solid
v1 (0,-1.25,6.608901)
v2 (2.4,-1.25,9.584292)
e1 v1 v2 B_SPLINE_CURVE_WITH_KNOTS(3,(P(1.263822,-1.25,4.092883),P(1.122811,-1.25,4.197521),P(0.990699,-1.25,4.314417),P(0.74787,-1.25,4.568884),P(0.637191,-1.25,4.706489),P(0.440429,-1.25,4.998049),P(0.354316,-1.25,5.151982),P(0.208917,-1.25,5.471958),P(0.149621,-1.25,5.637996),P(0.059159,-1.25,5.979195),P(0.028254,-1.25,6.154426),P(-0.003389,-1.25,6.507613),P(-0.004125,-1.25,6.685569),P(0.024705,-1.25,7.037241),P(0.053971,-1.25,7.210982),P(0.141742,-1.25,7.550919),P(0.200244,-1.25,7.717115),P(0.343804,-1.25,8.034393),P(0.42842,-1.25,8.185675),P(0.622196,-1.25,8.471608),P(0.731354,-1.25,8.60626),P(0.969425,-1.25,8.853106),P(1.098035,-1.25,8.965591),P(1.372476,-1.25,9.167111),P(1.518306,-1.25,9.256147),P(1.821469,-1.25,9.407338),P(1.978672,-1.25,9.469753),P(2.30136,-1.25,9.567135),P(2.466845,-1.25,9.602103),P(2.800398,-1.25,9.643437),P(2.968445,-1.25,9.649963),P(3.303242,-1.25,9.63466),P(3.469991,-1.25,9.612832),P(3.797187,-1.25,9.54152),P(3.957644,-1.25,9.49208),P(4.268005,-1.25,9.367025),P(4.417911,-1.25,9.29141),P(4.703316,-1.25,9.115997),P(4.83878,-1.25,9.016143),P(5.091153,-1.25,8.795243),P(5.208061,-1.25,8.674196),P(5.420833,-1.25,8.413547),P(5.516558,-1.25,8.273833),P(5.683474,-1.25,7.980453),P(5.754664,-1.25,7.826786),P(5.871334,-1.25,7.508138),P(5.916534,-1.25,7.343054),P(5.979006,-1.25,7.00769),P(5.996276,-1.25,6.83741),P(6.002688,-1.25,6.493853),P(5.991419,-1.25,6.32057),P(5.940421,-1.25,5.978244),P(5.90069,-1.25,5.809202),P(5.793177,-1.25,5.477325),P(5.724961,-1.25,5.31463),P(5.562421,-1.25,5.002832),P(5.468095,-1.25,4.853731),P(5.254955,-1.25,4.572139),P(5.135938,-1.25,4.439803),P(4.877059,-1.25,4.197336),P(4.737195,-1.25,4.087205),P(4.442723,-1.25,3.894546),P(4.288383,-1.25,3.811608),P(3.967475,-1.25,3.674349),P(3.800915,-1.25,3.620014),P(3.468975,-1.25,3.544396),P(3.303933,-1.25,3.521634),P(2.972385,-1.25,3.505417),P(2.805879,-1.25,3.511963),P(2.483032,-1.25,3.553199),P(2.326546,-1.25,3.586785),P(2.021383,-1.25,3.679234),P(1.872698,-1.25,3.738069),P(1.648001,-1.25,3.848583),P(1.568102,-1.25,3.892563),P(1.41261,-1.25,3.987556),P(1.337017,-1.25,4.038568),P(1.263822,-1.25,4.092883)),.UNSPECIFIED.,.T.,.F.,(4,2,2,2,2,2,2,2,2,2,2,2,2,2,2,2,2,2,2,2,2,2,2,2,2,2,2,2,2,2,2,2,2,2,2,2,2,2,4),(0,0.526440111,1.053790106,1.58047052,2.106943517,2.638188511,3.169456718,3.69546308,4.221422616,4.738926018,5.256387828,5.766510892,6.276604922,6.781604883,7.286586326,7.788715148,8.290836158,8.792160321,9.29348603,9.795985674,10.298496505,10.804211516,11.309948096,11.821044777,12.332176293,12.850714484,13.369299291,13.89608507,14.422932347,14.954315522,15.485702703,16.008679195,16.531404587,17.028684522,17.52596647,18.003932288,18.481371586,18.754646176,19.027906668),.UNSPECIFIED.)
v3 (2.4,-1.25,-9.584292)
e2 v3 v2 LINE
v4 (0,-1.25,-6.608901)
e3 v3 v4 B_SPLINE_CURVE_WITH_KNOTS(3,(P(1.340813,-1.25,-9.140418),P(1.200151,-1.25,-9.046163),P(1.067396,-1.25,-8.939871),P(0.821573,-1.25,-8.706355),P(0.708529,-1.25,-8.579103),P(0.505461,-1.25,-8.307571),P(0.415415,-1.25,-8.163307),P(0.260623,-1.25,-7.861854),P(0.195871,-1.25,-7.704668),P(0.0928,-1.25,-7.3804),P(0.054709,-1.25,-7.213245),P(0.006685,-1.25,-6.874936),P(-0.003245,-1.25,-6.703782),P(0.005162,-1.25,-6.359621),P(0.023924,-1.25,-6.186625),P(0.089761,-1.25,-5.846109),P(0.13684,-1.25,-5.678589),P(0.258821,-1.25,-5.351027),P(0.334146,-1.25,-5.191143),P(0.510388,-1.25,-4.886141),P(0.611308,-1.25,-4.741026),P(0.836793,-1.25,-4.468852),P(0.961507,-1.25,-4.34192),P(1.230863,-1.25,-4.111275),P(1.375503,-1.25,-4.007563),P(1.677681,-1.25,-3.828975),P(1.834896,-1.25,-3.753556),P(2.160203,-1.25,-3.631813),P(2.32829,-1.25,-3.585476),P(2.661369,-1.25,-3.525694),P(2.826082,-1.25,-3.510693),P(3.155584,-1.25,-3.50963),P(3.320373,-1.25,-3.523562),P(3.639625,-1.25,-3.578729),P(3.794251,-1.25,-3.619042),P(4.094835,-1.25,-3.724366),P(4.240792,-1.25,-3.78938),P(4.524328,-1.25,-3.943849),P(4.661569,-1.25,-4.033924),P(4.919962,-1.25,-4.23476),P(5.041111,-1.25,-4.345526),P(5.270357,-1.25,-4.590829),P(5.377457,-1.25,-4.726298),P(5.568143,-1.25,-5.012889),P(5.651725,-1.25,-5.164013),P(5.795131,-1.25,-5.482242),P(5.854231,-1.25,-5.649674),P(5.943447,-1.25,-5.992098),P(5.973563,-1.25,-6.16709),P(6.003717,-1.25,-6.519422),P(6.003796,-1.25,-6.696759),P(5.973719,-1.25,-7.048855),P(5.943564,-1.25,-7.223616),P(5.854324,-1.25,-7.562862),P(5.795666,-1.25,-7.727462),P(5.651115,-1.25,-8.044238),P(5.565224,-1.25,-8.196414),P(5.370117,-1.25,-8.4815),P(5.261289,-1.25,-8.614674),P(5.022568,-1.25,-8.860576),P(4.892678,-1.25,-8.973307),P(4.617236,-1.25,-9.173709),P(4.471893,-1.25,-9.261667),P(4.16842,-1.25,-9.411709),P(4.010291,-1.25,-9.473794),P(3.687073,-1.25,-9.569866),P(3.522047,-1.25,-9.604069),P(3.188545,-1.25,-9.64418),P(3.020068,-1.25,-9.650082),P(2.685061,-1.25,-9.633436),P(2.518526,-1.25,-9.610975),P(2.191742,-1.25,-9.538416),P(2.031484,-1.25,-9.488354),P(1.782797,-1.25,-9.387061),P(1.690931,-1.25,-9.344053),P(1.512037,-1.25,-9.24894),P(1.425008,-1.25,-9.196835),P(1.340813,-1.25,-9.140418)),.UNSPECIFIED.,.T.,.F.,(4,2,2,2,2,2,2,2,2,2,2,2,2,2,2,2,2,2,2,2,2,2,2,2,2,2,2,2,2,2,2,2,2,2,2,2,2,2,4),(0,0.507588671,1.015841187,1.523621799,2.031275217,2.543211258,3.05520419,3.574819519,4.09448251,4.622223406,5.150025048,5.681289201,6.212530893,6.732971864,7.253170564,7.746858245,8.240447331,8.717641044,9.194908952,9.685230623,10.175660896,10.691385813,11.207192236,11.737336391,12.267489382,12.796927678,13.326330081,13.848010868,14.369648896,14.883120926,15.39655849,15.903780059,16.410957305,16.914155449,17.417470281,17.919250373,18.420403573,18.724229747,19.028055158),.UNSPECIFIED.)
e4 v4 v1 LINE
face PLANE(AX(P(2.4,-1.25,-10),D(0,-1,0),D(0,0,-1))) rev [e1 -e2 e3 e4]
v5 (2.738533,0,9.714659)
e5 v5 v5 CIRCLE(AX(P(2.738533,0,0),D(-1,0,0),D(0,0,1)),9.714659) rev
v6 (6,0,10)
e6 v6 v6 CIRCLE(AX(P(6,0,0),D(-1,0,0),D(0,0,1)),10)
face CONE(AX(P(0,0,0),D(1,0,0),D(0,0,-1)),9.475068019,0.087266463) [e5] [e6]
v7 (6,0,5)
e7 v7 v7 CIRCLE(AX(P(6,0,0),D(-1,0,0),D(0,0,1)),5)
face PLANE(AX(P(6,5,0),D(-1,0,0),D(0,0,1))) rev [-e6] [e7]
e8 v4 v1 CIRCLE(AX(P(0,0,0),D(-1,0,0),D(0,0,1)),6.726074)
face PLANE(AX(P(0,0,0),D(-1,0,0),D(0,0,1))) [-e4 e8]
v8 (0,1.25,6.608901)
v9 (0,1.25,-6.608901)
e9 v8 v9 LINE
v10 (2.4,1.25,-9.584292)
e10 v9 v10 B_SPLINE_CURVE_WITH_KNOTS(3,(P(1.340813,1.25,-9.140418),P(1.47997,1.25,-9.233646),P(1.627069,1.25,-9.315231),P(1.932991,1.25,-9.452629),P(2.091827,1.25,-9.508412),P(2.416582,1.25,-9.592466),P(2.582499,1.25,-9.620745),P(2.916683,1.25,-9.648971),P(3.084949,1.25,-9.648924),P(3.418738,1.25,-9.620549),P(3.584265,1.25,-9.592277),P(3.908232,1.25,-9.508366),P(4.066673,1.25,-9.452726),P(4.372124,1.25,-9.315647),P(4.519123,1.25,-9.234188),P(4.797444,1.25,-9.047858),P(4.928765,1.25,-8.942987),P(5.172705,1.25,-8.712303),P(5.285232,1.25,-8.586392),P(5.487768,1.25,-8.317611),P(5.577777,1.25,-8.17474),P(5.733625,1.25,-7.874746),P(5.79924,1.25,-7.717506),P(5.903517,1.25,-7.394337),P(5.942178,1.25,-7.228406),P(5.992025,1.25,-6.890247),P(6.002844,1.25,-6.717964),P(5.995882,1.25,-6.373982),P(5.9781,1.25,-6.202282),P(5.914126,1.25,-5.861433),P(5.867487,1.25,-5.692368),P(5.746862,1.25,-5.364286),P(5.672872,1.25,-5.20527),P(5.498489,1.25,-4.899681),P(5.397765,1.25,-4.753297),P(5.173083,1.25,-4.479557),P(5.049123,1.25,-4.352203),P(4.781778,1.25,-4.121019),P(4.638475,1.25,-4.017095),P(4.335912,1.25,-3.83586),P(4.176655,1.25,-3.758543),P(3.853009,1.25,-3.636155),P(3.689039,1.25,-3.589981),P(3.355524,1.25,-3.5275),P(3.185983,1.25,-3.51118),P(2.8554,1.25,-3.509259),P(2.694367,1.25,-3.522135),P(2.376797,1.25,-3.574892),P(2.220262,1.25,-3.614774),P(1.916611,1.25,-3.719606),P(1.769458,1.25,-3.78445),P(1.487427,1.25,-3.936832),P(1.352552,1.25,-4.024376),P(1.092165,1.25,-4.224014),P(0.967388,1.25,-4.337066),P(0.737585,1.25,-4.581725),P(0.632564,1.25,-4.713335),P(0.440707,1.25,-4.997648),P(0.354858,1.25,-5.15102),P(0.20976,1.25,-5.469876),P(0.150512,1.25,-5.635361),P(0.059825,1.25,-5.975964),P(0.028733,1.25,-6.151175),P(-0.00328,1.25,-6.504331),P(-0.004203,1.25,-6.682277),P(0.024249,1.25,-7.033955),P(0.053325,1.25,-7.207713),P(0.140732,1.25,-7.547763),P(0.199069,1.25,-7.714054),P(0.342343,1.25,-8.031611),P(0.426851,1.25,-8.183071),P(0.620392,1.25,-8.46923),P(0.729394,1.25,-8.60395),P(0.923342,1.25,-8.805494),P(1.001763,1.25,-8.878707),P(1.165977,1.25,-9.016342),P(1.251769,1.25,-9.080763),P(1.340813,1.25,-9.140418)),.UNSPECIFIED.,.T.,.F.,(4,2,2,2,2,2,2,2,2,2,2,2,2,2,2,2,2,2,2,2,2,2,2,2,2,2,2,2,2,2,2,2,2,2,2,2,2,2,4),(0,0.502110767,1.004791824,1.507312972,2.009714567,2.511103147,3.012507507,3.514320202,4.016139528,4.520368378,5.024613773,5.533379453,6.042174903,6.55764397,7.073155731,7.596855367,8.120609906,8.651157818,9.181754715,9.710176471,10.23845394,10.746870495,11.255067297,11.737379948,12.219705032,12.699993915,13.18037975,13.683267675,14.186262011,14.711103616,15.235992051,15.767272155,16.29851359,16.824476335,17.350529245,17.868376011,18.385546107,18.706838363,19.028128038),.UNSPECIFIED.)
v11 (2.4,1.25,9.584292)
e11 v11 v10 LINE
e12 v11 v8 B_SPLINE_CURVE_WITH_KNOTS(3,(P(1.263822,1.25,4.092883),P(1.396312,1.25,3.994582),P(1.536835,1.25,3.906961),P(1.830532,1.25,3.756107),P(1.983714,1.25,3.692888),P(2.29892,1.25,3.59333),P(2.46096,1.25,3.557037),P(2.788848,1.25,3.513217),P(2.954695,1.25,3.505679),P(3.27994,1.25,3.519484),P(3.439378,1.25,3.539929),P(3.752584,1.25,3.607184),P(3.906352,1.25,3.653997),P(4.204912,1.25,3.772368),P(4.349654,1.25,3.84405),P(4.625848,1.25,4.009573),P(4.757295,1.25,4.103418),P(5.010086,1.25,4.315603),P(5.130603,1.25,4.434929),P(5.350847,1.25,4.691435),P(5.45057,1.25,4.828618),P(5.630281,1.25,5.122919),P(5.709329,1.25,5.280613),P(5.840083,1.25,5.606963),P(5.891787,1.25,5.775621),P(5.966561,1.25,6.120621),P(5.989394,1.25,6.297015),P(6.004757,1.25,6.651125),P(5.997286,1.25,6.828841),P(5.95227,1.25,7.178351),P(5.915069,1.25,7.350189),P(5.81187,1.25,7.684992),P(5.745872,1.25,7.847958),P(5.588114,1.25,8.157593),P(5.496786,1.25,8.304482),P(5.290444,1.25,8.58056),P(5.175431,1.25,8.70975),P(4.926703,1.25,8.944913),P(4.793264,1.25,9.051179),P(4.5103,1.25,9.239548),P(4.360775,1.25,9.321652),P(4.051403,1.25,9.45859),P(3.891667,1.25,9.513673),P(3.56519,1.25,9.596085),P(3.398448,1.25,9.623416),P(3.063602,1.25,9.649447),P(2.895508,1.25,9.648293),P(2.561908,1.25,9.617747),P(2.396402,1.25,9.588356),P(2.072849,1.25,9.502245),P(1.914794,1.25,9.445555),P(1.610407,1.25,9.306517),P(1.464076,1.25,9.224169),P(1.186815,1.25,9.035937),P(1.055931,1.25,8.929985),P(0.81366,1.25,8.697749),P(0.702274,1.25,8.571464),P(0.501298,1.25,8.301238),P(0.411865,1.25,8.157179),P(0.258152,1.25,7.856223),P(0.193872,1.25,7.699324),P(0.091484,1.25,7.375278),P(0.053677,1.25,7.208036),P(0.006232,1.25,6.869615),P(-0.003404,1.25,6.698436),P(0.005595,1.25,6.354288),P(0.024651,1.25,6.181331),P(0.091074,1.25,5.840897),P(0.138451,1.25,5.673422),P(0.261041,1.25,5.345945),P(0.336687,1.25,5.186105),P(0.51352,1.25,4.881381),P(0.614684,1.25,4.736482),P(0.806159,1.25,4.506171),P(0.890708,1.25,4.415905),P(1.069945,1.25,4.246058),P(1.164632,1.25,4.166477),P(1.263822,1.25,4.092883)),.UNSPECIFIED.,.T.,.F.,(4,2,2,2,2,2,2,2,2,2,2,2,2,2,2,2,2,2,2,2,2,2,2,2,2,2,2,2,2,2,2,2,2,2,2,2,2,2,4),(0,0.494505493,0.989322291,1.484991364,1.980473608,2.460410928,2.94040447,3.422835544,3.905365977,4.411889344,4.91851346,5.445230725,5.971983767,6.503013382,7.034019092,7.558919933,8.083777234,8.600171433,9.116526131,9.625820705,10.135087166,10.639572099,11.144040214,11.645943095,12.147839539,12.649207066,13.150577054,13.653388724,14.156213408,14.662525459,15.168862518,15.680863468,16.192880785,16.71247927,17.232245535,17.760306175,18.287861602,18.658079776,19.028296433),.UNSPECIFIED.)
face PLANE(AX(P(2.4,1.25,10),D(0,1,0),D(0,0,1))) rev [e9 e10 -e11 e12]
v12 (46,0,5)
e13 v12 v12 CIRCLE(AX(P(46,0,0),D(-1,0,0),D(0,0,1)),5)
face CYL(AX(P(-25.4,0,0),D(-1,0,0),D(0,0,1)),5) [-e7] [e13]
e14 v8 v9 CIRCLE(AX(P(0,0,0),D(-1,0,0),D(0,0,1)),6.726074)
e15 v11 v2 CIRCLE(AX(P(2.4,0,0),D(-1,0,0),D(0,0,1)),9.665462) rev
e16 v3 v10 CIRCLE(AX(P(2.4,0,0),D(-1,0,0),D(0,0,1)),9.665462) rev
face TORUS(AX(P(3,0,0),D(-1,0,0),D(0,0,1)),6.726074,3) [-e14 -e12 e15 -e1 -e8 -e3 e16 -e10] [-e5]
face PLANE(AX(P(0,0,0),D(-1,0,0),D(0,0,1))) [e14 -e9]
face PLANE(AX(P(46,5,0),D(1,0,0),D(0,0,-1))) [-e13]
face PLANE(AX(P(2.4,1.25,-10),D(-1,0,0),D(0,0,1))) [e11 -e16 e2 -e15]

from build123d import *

# Parameters (mm, degrees)
FILLET2_R  = 3
SKETCH2_W  = 20
SKETCH2_H  = 2.5
SLOT_DEPTH = 2.4


with BuildPart() as part:
    # BodySke → Base-Revolve (revolve)
    with BuildSketch(Plane.XY, mode=Mode.PRIVATE) as base_revolve_sk:
        Polygon((6, 5), (6, 10), (0, 9.475068019), (0, 0), (46, 0), (46, 5), align=None)
    revolve(base_revolve_sk.sketch.rotate(Axis((-25.4, 0, 0), (1, 0, 0)), 90), axis=Axis((-25.4, 0, 0), (1, 0, 0)))

    # Fillet2
    fillet2_edges = [part.edges().sort_by_distance(p)[0] for p in [
        (0, 0, -9.475068019),
    ]]
    fillet(fillet2_edges, radius=FILLET2_R)

    # Sketch2 → Slot (cut)
    with BuildSketch(Plane(origin=(0, 0, 0), x_dir=(0, 0, -1), z_dir=(1, 0, 0))):
        Rectangle(SKETCH2_W, SKETCH2_H)
    extrude(amount=SLOT_DEPTH, mode=Mode.SUBTRACT)


solid = part.part
